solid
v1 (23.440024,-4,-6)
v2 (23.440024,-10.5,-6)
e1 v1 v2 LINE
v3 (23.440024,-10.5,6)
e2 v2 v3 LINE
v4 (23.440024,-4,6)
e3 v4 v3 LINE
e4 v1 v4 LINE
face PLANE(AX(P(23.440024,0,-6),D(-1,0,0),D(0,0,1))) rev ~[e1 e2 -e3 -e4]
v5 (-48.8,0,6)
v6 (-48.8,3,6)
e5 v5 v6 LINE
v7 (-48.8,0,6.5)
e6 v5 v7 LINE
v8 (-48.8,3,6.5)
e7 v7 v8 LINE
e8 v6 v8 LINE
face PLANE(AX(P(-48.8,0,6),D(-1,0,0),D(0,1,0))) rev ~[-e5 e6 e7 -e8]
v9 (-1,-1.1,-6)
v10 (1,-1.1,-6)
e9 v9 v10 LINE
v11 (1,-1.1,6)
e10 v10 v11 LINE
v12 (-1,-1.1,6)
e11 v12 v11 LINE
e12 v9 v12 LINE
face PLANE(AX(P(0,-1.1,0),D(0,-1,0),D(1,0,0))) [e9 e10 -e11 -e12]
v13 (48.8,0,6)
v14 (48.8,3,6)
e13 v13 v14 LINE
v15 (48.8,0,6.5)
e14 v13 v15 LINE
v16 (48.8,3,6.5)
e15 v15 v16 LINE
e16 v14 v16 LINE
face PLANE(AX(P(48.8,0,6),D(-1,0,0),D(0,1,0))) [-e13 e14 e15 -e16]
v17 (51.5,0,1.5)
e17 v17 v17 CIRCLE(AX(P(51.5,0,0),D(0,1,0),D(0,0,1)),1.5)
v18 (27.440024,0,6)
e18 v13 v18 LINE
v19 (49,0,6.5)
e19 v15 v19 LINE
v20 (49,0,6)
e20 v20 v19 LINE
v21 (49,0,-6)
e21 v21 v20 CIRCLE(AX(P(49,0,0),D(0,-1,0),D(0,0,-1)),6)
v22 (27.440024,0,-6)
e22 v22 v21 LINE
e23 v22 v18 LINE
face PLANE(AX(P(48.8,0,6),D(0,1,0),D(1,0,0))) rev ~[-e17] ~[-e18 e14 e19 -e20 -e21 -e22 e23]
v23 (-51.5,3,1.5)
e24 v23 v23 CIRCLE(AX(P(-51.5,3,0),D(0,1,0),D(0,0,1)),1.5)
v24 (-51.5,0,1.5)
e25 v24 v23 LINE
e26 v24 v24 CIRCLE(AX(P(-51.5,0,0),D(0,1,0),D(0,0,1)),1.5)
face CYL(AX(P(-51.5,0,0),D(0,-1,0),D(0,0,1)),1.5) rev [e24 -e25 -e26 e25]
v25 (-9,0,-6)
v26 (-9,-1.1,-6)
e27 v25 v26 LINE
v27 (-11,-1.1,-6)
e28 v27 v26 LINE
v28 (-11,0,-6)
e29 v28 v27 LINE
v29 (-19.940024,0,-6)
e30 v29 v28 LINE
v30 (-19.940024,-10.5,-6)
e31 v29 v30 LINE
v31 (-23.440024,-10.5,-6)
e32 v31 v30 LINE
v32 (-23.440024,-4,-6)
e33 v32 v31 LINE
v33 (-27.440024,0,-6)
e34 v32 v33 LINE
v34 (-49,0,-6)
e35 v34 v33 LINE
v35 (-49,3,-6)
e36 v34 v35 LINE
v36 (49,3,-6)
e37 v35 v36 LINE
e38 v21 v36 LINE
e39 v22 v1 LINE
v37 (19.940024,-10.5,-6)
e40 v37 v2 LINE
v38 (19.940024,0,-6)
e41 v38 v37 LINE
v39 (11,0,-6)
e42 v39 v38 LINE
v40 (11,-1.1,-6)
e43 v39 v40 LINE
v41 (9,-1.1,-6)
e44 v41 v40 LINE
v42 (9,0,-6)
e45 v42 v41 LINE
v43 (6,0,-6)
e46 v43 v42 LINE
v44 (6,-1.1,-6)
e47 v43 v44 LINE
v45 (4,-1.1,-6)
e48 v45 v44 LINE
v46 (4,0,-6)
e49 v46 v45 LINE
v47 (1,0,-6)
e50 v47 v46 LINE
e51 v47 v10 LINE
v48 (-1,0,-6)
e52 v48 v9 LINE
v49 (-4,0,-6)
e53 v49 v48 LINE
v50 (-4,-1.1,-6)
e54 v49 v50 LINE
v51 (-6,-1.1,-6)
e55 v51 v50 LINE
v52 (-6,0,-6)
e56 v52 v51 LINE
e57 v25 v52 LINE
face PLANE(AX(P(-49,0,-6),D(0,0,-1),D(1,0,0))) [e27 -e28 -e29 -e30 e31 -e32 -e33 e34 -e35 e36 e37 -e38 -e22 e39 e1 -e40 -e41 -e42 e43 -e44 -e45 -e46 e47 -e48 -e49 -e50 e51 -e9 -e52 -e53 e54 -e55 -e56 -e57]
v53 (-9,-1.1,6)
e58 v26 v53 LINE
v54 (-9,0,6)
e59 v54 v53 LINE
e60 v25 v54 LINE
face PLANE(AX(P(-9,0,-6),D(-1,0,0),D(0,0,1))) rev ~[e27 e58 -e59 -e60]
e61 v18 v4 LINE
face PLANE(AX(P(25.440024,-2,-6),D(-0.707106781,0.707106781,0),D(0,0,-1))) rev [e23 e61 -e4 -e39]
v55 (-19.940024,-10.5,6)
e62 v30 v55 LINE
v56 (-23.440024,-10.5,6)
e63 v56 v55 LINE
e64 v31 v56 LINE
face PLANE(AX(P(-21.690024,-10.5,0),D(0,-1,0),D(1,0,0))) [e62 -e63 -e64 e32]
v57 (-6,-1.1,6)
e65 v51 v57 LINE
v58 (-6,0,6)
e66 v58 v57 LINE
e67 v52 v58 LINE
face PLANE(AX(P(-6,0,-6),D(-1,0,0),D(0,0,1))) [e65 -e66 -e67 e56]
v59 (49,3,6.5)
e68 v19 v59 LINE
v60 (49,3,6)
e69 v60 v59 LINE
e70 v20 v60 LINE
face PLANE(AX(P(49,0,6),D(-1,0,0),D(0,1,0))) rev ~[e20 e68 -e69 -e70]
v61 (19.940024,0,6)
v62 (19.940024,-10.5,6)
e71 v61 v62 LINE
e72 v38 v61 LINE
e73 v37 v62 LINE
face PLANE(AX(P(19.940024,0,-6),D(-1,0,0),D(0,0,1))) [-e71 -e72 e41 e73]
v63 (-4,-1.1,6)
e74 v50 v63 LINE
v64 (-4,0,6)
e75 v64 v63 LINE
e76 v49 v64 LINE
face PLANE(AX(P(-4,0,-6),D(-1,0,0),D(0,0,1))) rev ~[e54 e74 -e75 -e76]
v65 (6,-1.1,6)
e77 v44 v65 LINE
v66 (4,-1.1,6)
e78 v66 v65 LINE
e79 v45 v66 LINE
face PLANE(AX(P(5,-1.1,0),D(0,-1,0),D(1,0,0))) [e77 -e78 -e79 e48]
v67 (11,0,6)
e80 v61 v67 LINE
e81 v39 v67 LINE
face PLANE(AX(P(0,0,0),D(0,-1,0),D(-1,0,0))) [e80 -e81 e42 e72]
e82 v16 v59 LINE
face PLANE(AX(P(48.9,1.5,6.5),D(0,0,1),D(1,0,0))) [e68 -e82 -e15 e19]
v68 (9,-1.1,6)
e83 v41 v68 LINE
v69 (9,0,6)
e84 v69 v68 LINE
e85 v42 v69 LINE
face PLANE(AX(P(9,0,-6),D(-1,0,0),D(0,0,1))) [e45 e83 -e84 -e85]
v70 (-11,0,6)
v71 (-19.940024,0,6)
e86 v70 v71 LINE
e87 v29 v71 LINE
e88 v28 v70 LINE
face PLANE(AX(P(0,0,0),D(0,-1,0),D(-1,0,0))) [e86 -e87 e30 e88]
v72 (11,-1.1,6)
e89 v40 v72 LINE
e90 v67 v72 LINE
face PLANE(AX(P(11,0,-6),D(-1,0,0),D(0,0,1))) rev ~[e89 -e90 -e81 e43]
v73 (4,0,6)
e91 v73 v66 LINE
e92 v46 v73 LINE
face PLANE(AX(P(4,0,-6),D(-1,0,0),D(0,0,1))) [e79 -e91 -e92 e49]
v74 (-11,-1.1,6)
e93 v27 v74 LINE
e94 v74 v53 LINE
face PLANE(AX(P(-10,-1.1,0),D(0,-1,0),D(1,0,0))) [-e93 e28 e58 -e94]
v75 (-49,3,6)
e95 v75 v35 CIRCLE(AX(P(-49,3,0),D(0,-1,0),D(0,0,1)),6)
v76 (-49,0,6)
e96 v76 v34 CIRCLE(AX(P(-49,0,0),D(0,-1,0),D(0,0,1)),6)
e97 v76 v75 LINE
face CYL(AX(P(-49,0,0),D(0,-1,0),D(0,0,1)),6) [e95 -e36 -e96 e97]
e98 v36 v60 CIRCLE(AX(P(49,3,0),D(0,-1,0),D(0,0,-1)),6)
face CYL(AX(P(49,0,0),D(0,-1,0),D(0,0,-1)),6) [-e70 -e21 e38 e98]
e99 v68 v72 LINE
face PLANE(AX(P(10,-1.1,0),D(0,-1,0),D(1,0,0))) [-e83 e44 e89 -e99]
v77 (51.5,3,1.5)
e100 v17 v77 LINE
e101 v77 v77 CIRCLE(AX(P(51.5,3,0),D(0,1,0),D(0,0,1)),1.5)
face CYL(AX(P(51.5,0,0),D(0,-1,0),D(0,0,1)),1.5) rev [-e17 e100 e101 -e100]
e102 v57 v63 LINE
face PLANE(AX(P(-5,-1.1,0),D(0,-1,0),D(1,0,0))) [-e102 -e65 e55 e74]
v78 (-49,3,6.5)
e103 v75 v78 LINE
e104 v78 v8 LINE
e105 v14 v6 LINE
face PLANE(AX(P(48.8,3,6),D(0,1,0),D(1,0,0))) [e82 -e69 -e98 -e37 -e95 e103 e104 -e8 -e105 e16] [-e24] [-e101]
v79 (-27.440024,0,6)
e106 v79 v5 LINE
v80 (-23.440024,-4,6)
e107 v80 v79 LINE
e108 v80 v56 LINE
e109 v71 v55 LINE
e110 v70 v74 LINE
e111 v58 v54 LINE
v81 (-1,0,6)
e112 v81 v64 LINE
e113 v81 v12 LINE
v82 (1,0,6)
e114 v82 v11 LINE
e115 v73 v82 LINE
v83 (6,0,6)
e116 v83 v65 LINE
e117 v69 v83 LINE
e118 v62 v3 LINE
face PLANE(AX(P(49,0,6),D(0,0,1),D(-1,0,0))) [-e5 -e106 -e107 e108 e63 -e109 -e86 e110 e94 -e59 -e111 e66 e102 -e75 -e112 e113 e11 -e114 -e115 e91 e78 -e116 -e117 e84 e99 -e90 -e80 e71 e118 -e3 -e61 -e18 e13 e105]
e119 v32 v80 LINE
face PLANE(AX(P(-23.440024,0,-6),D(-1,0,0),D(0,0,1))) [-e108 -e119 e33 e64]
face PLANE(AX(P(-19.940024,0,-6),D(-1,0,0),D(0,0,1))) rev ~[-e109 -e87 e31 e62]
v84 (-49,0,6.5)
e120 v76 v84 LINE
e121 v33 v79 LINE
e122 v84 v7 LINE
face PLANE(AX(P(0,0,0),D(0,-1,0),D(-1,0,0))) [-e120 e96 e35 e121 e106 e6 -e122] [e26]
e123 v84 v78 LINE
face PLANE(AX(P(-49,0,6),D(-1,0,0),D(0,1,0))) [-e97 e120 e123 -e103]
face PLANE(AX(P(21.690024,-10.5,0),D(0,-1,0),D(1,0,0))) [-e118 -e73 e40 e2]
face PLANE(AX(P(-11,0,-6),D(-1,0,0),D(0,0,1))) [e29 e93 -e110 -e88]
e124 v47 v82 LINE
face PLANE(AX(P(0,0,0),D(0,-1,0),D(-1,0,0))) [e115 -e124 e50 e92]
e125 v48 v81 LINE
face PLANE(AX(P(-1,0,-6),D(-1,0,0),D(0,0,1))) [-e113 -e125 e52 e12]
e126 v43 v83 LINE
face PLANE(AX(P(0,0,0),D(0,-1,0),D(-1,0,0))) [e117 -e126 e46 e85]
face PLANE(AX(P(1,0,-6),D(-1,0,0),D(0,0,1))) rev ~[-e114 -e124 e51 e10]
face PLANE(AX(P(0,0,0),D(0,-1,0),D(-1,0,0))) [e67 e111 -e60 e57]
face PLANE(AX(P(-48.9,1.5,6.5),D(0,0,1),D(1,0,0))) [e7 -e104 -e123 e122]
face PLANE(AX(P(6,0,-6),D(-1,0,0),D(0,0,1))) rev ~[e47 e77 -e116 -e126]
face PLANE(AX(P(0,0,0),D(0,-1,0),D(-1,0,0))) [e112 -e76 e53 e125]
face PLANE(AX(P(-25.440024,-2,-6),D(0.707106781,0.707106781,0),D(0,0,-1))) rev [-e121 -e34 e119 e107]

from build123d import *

# Parameters (mm, degrees)
SKETCH1_R           = 1.5
BOSS_EXTRUDE1_DEPTH = 3
SKETCH4_W           = 3.5
SKETCH4_H           = 12
BOSS_EXTRUDE3_DEPTH = 10.5
SKETCH5_W           = 2
SKETCH5_H           = 12
BOSS_EXTRUDE4_DEPTH = 1.1
SKETCH6_W           = 0.2
SKETCH6_H           = 3
BOSS_EXTRUDE5_DEPTH = 0.5
CHAMFER1_SIZE       = 4


with BuildPart() as part:
    # Sketch1 → Boss-Extrude1 (new body)
    with BuildSketch(Plane(origin=(0, 0, 0), x_dir=(1, 0, 0), z_dir=(0, 1, 0))):
        with BuildLine():
            Line((-49, 6), (49, 6))
            ThreePointArc((49, 6), (55, 0), (49, -6))
            Line((49, -6), (-49, -6))
            ThreePointArc((-49, -6), (-55, 0), (-49, 6))
        make_face()
        with Locations(Location((-51.5, 0, 0), (0, 0, 270))):
            Circle(SKETCH1_R, mode=Mode.SUBTRACT)
        with Locations(Location((51.5, 0, 0), (0, 0, 270))):
            Circle(SKETCH1_R, mode=Mode.SUBTRACT)
    extrude(amount=BOSS_EXTRUDE1_DEPTH)

    # Sketch4 → Boss-Extrude3 (add)
    with BuildSketch(Plane.XZ):
        with Locations((-21.690023983, 0)):
            Rectangle(SKETCH4_W, SKETCH4_H)
        with Locations((21.690023983, 0)):
            Rectangle(SKETCH4_W, SKETCH4_H)
    extrude(amount=BOSS_EXTRUDE3_DEPTH)

    # Sketch5 → Boss-Extrude4 (add)
    with BuildSketch(Plane.XZ):
        with Locations((5, 0)):
            Rectangle(SKETCH5_W, SKETCH5_H)
        Rectangle(SKETCH5_W, SKETCH5_H)
        with Locations((10, 0)):
            Rectangle(SKETCH5_W, SKETCH5_H)
        with Locations((-5, 0)):
            Rectangle(SKETCH5_W, SKETCH5_H)
        with Locations((-10, 0)):
            Rectangle(SKETCH5_W, SKETCH5_H)
    extrude(amount=BOSS_EXTRUDE4_DEPTH)

    # Sketch6 → Boss-Extrude5 (add)
    with BuildSketch(Plane.XY.offset(6)):
        with Locations((48.9, 1.5)):
            Rectangle(SKETCH6_W, SKETCH6_H)
        with Locations((-48.9, 1.5)):
            Rectangle(SKETCH6_W, SKETCH6_H)
    extrude(amount=BOSS_EXTRUDE5_DEPTH)

    # Chamfer1
    chamfer1_edges = [part.edges().sort_by_distance(p)[0] for p in [
        (-23.440023983, 0, 0),
        (23.440023983, 0, 0),
    ]]
    chamfer(chamfer1_edges, length=CHAMFER1_SIZE)


solid = part.part
